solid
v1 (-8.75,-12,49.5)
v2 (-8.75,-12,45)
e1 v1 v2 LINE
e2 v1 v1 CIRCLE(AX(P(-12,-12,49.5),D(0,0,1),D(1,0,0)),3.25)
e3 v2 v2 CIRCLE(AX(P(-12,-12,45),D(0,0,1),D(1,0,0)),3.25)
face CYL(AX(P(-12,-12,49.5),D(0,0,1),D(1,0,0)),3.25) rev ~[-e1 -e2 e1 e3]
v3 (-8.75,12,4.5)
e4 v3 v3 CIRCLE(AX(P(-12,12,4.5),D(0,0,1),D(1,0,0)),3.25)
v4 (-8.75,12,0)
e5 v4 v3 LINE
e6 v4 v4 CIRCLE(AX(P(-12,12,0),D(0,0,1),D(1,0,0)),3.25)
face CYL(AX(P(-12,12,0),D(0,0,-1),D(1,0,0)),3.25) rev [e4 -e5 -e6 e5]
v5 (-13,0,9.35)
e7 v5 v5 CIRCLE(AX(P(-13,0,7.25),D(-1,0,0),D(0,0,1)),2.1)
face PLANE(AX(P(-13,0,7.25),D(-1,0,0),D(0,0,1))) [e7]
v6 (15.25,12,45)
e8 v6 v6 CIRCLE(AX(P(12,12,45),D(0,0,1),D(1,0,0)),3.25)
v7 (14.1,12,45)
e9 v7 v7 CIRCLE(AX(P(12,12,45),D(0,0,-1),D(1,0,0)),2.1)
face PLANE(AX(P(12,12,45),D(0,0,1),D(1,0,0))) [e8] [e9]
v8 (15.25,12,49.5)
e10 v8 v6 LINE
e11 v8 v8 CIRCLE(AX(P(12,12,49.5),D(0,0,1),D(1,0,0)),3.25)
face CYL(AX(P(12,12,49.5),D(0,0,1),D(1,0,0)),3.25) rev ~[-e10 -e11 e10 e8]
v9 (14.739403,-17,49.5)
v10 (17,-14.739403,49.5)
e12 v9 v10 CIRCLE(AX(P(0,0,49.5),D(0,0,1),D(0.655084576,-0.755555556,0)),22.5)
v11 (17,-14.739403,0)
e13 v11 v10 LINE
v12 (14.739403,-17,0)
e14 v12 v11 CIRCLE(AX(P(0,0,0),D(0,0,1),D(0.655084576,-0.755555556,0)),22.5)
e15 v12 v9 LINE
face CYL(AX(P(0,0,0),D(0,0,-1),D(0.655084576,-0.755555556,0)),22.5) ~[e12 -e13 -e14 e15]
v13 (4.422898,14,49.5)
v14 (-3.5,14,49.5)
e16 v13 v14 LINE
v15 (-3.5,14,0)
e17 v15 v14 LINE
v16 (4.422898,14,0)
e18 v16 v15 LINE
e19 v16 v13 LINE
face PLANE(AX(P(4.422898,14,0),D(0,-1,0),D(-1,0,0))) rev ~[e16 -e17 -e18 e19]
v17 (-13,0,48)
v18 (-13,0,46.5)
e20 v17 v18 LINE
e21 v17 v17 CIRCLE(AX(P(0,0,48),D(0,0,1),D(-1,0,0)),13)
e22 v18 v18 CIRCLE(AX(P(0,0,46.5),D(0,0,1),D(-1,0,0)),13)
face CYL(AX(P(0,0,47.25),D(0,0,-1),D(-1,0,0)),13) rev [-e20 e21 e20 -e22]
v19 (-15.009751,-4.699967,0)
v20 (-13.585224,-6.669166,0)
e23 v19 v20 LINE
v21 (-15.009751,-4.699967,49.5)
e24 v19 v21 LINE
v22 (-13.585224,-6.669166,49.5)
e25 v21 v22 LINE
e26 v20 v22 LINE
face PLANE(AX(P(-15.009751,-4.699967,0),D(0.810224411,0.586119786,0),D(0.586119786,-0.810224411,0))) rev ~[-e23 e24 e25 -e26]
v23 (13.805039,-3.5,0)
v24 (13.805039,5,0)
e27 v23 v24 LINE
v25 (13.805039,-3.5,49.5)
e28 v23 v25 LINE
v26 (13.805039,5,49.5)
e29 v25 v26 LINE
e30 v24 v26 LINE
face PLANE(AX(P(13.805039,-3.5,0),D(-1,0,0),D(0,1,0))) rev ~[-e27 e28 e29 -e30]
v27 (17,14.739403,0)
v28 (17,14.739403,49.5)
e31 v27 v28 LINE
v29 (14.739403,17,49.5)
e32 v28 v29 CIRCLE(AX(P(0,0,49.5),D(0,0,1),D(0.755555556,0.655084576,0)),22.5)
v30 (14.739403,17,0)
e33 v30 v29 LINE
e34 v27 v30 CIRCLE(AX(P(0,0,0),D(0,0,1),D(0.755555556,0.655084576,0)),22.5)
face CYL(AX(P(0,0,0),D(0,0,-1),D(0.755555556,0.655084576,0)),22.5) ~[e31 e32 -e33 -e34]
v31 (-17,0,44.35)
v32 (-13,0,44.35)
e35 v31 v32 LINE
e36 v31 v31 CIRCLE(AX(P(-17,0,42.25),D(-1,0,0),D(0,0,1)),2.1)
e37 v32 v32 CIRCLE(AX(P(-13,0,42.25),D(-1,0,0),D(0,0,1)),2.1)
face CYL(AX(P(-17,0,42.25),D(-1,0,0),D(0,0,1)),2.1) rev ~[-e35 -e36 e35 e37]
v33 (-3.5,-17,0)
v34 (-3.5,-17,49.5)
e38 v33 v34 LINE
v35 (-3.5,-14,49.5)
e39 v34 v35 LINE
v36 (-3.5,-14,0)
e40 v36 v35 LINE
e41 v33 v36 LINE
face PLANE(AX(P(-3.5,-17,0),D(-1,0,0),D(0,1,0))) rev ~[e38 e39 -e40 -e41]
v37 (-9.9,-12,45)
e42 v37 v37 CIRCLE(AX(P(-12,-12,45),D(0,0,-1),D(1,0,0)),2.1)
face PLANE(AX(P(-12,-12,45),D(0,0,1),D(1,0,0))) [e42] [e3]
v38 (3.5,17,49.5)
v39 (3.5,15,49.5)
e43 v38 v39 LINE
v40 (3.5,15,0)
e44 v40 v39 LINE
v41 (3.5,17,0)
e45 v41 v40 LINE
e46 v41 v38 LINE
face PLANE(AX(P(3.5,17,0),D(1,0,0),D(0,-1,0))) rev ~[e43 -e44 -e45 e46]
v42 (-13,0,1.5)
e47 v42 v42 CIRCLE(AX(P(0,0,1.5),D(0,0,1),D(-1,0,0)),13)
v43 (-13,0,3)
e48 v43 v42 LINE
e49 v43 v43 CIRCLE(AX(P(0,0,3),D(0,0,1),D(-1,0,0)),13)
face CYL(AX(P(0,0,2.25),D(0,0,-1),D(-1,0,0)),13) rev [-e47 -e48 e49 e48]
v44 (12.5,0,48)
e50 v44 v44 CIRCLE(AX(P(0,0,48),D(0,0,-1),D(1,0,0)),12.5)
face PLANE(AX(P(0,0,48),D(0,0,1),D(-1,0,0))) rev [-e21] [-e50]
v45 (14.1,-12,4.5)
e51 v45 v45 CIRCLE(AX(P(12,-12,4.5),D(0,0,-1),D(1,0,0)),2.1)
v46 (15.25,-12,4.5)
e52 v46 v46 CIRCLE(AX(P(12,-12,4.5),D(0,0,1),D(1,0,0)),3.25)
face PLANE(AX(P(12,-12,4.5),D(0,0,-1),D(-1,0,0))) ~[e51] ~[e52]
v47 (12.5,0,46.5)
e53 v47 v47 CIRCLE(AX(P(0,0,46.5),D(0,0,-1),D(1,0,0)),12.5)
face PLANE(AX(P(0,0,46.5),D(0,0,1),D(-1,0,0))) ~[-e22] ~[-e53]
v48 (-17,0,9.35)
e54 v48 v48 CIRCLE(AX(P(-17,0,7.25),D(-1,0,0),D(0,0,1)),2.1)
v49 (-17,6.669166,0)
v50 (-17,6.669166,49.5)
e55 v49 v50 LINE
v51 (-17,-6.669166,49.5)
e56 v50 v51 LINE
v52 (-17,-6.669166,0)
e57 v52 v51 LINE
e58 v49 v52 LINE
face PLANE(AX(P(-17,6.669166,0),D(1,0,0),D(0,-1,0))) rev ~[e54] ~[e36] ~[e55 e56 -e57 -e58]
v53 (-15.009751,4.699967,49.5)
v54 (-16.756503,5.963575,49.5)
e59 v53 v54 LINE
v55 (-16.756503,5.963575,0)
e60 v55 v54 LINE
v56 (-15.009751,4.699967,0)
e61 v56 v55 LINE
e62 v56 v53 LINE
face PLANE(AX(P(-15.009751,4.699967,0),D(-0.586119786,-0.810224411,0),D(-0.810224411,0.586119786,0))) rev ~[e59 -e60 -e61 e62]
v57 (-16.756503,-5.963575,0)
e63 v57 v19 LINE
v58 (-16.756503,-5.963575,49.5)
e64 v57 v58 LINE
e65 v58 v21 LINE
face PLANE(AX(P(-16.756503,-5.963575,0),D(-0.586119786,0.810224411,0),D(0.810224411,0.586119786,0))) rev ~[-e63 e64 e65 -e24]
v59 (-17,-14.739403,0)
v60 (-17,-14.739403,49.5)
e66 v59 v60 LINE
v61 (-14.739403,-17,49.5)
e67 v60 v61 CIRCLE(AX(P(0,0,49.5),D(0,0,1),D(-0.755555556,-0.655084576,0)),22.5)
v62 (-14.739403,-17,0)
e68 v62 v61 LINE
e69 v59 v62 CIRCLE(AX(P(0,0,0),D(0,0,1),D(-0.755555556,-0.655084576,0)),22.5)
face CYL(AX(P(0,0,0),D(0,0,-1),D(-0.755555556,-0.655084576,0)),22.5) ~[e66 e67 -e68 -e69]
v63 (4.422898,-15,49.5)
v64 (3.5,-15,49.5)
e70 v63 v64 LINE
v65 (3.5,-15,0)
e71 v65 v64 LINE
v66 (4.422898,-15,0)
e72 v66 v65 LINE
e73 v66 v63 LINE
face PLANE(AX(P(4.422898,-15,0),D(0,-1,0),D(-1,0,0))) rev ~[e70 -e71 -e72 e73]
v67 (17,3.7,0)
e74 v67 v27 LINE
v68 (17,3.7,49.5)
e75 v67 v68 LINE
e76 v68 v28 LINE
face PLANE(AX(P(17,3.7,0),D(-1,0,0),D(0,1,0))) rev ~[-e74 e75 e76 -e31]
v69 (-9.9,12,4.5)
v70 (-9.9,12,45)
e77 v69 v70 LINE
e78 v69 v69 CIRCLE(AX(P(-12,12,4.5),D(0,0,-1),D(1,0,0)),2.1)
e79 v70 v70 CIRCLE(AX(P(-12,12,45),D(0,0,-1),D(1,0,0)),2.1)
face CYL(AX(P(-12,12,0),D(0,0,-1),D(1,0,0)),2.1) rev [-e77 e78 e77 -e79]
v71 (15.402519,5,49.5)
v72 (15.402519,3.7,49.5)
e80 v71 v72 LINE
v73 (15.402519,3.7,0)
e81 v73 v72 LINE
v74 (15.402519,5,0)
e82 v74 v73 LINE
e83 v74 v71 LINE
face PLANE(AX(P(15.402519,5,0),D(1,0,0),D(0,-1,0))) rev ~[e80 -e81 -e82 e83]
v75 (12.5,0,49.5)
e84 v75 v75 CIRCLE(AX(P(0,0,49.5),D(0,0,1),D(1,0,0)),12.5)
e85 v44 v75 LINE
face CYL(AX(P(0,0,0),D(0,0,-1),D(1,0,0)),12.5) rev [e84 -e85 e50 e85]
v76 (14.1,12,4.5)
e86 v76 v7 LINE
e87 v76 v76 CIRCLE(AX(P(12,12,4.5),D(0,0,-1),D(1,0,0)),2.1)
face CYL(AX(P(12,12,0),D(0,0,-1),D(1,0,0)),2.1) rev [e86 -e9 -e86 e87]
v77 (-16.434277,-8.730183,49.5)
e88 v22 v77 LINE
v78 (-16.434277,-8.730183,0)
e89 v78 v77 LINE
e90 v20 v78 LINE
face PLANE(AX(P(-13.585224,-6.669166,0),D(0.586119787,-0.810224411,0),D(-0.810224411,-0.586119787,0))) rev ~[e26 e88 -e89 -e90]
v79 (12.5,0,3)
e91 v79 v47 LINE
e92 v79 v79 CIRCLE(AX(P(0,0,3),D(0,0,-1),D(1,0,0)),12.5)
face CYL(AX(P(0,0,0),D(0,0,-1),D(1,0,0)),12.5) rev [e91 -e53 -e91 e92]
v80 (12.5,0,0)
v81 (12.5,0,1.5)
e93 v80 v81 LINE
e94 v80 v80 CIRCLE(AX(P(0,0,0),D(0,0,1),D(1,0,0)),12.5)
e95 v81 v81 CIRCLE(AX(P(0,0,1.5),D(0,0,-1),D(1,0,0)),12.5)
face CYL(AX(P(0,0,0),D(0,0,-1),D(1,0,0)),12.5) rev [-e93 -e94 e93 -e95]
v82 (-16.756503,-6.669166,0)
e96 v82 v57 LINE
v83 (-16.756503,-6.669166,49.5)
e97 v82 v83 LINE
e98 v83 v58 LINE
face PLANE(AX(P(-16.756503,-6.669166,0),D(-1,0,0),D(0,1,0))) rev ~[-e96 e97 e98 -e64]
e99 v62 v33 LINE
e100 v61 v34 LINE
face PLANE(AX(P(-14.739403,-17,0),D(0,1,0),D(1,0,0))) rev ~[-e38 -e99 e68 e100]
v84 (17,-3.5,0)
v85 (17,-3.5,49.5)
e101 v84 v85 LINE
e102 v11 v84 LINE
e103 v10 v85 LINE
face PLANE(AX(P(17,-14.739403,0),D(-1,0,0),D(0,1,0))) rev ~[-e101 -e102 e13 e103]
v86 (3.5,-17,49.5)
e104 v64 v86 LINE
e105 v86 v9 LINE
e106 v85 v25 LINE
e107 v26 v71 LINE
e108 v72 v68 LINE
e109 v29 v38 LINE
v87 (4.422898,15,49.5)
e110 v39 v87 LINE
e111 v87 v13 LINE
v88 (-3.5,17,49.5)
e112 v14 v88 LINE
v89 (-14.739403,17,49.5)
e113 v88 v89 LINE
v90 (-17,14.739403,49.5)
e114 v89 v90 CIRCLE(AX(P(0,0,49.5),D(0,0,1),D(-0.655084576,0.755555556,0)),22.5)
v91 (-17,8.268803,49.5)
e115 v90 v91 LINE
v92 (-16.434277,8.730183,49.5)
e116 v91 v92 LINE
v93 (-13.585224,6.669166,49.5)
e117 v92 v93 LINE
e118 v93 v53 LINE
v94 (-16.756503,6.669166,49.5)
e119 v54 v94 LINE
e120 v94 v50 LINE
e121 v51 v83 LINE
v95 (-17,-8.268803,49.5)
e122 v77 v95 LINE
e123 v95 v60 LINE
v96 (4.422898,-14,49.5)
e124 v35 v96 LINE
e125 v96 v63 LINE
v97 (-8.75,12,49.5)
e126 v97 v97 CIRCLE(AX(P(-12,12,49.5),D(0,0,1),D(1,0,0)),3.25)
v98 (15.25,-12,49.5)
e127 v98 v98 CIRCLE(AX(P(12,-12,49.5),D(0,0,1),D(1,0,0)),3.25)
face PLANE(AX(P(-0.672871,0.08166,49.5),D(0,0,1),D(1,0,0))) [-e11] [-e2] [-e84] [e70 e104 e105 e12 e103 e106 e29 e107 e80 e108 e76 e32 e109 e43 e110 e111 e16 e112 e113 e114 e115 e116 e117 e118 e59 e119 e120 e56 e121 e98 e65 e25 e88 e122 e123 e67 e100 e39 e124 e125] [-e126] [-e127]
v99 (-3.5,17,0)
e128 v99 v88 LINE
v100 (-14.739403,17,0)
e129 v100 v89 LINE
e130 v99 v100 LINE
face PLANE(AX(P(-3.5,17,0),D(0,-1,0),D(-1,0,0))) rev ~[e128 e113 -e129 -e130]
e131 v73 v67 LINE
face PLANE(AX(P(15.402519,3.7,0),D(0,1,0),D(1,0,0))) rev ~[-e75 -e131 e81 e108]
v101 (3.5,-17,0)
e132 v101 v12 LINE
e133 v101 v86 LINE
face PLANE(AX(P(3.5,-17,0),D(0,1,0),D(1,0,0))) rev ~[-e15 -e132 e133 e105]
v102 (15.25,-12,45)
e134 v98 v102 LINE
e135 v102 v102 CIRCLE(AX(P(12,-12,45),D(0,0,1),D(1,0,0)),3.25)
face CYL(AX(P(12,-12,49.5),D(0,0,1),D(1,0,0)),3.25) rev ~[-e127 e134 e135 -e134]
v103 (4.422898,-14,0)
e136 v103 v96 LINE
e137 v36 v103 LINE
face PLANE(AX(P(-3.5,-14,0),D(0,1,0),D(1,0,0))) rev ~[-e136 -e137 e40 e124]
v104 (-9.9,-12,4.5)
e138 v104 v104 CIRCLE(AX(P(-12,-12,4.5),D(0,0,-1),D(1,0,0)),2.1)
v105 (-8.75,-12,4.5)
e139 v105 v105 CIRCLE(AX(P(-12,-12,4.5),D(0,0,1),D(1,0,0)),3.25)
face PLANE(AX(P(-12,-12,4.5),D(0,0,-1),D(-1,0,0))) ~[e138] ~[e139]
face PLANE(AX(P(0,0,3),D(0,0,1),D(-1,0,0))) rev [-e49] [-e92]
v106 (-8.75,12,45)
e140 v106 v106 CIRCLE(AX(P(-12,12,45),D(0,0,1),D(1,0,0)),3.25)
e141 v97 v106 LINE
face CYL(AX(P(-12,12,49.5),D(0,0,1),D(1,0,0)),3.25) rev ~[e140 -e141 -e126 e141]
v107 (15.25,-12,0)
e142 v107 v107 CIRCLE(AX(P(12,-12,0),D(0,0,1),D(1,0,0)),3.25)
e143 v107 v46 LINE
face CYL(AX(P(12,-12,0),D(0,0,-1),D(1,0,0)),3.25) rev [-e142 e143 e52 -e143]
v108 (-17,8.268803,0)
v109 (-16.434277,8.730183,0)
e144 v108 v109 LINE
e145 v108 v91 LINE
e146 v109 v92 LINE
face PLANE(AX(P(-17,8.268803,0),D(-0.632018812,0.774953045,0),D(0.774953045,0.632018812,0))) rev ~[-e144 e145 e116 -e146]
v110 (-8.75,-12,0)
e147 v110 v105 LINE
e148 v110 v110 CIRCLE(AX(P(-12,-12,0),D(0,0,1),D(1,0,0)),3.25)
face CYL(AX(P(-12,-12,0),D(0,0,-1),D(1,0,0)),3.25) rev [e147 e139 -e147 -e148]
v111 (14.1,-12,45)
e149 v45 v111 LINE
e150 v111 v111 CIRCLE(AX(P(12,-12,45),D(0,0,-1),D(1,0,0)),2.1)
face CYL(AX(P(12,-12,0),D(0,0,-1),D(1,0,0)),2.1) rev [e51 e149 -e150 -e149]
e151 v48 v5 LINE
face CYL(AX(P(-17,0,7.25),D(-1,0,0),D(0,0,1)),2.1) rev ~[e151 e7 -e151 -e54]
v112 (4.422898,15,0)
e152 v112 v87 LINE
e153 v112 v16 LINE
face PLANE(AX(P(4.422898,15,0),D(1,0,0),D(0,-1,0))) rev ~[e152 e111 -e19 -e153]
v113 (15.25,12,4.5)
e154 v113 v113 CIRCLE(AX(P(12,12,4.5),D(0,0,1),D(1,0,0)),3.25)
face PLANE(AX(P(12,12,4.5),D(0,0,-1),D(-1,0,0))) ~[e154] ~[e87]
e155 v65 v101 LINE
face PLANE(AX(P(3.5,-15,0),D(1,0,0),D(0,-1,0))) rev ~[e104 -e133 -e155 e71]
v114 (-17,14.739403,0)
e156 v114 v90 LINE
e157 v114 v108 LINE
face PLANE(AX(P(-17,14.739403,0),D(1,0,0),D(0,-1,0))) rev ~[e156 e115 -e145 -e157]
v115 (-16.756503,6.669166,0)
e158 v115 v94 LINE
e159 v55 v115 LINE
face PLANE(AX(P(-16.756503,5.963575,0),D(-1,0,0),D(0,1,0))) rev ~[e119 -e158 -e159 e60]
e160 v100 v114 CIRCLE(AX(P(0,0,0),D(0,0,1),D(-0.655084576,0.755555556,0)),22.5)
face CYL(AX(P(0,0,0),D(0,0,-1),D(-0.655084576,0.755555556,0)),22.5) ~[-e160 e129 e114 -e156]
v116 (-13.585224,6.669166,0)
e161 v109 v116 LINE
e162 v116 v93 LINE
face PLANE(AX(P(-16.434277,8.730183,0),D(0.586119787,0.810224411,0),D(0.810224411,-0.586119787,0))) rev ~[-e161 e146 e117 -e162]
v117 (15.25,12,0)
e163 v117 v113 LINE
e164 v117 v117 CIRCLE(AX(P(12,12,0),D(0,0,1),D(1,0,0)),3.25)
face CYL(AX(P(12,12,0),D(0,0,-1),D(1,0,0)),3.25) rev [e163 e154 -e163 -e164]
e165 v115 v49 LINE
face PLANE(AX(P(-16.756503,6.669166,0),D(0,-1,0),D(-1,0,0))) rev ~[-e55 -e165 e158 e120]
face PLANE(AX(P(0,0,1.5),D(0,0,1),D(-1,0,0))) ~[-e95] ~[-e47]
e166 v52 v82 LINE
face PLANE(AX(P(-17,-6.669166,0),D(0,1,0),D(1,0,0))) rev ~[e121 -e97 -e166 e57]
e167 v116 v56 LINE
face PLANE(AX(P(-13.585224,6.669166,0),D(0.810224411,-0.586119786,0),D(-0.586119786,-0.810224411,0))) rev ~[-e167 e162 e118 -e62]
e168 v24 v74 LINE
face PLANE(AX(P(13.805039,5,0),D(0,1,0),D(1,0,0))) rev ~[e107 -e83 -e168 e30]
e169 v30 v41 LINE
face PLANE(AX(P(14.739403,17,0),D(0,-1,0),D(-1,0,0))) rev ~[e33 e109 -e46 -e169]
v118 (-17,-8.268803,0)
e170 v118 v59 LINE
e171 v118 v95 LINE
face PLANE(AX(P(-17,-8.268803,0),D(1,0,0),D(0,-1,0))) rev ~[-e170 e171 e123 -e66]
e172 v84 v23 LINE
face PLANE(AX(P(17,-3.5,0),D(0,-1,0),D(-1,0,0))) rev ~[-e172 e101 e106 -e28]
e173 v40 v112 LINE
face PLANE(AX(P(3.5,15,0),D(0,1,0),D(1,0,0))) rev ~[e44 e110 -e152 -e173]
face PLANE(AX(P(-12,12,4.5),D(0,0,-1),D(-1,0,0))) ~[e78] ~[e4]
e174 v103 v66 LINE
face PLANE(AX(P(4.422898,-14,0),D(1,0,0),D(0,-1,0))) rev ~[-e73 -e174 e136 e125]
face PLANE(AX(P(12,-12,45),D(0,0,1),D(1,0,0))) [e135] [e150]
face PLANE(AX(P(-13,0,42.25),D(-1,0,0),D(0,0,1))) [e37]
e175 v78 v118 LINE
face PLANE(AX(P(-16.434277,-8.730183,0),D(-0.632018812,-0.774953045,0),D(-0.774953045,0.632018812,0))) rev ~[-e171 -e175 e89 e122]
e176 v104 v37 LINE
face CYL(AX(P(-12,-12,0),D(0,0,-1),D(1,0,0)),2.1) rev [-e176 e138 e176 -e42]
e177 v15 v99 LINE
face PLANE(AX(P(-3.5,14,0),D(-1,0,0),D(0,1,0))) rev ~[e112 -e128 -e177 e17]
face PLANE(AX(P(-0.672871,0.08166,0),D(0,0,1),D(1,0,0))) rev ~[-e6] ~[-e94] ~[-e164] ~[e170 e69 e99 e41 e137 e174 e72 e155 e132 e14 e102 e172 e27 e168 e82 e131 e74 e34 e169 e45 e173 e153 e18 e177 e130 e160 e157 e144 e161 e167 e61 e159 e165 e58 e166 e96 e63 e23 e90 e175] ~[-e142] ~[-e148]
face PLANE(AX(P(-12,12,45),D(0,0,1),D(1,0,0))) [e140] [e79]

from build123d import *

# Parameters (mm, degrees)
SKETCH_1_R          = 12.5
SKETCH_1_R_2        = 2.1
EXTRUDE_1_DEPTH     = 49.5
SKETCH_2_R          = 3.25
CUT_EXTRUDE_2_DEPTH = 4.5
SKETCH_4_W          = 13
SKETCH_4_H          = 1.5
SKETCH_5_R          = 2.1
CUT_EXTRUDE_3_DEPTH = 4


with BuildPart() as part:
    # 草图1 → 拉伸1 (new body)
    with BuildSketch(Plane.XY):
        with BuildLine():
            Line((-17, 8.268803112), (-16.434277079, 8.730182715))
            Line((-16.434277079, 8.730182715), (-13.585223978, 6.669165578))
            Line((-13.585223978, 6.669165578), (-15.009750528, 4.699967111))
            Line((-15.009750528, 4.699967111), (-16.756503192, 5.963575421))
            Line((-16.756503192, 5.963575421), (-16.756503192, 6.669165578))
            Line((-16.756503192, 6.669165578), (-17, 6.669165578))
            Line((-17, 6.669165578), (-17, -6.669165578))
            Line((-17, -6.669165578), (-16.756503192, -6.669165578))
            Line((-16.756503192, -6.669165578), (-16.756503192, -5.963575421))
            Line((-16.756503192, -5.963575421), (-15.009750528, -4.699967111))
            Line((-15.009750528, -4.699967111), (-13.585223978, -6.669165578))
            Line((-13.585223978, -6.669165578), (-16.434277079, -8.730182715))
            Line((-16.434277079, -8.730182715), (-17, -8.268803112))
            Line((-17, -8.268803112), (-17, -14.739402973))
            ThreePointArc((-17, -14.739402973), (-15.909902577, -15.909902577), (-14.739402973, -17))
            Line((-14.739402973, -17), (-3.5, -17))
            Line((-3.5, -17), (-3.5, -14))
            Line((-3.5, -14), (4.42289808, -14))
            Line((4.42289808, -14), (4.42289808, -15))
            Line((4.42289808, -15), (3.5, -15))
            Line((3.5, -15), (3.5, -17))
            Line((3.5, -17), (14.739402973, -17))
            ThreePointArc((14.739402973, -17), (15.909902577, -15.909902577), (17, -14.739402973))
            Line((17, -14.739402973), (17, -3.5))
            Line((17, -3.5), (13.805038875, -3.5))
            Line((13.805038875, -3.5), (13.805038875, 5))
            Line((13.805038875, 5), (15.402519437, 5))
            Line((15.402519437, 5), (15.402519437, 3.7))
            Line((15.402519437, 3.7), (17, 3.7))
            Line((17, 3.7), (17, 14.739402973))
            ThreePointArc((17, 14.739402973), (15.909902577, 15.909902577), (14.739402973, 17))
            Line((14.739402973, 17), (3.5, 17))
            Line((3.5, 17), (3.5, 15))
            Line((3.5, 15), (4.42289808, 15))
            Line((4.42289808, 15), (4.42289808, 14))
            Line((4.42289808, 14), (-3.5, 14))
            Line((-3.5, 14), (-3.5, 17))
            Line((-3.5, 17), (-14.739402973, 17))
            ThreePointArc((-14.739402973, 17), (-15.909902577, 15.909902577), (-17, 14.739402973))
            Line((-17, 14.739402973), (-17, 8.268803112))
        make_face()
        Circle(SKETCH_1_R, mode=Mode.SUBTRACT)
        with Locations((12, 12)):
            Circle(SKETCH_1_R_2, mode=Mode.SUBTRACT)
        with Locations((-12, 12)):
            Circle(SKETCH_1_R_2, mode=Mode.SUBTRACT)
        with Locations((-12, -12)):
            Circle(SKETCH_1_R_2, mode=Mode.SUBTRACT)
        with Locations((12, -12)):
            Circle(SKETCH_1_R_2, mode=Mode.SUBTRACT)
    extrude(amount=EXTRUDE_1_DEPTH)

    # 草图2 → 拉伸2 (cut)
    with BuildSketch(Plane.XY.offset(49.5)):
        with Locations((-12, 12)):
            Circle(SKETCH_2_R)
        with Locations((12, 12)):
            Circle(SKETCH_2_R)
        with Locations((12, -12)):
            Circle(SKETCH_2_R)
        with Locations((-12, -12)):
            Circle(SKETCH_2_R)
    cut_extrude_2 = extrude(amount=-CUT_EXTRUDE_2_DEPTH, mode=Mode.SUBTRACT)

    # 草图4 → 切除-旋转1 (revolve, cut)
    with BuildSketch(Plane(origin=(0, 0, 0), x_dir=(1, 0, 0), z_dir=(0, 1, 0)), mode=Mode.PRIVATE) as cut_revolve_1_sk:
        with Locations((6.5, -2.25)):
            Rectangle(SKETCH_4_W, SKETCH_4_H)
        with Locations((6.5, -47.25)):
            Rectangle(SKETCH_4_W, SKETCH_4_H)
    revolve(cut_revolve_1_sk.sketch.rotate(Axis((0, 0, 0), (0, 0, 1)), 180), axis=Axis((0, 0, 0), (0, 0, 1)), mode=Mode.SUBTRACT)

    # 镜向1: 拉伸2 across plane
    add(cut_extrude_2.mirror(Plane.XY.offset(24.75)), mode=Mode.SUBTRACT)

    # 草图5 → 拉伸3 (cut)
    with BuildSketch(Plane.ZY.offset(17)):
        with Locations((7.25, 0)):
            Circle(SKETCH_5_R)
        with Locations((42.25, 0)):
            Circle(SKETCH_5_R)
    extrude(amount=-CUT_EXTRUDE_3_DEPTH, mode=Mode.SUBTRACT)


solid = part.part
